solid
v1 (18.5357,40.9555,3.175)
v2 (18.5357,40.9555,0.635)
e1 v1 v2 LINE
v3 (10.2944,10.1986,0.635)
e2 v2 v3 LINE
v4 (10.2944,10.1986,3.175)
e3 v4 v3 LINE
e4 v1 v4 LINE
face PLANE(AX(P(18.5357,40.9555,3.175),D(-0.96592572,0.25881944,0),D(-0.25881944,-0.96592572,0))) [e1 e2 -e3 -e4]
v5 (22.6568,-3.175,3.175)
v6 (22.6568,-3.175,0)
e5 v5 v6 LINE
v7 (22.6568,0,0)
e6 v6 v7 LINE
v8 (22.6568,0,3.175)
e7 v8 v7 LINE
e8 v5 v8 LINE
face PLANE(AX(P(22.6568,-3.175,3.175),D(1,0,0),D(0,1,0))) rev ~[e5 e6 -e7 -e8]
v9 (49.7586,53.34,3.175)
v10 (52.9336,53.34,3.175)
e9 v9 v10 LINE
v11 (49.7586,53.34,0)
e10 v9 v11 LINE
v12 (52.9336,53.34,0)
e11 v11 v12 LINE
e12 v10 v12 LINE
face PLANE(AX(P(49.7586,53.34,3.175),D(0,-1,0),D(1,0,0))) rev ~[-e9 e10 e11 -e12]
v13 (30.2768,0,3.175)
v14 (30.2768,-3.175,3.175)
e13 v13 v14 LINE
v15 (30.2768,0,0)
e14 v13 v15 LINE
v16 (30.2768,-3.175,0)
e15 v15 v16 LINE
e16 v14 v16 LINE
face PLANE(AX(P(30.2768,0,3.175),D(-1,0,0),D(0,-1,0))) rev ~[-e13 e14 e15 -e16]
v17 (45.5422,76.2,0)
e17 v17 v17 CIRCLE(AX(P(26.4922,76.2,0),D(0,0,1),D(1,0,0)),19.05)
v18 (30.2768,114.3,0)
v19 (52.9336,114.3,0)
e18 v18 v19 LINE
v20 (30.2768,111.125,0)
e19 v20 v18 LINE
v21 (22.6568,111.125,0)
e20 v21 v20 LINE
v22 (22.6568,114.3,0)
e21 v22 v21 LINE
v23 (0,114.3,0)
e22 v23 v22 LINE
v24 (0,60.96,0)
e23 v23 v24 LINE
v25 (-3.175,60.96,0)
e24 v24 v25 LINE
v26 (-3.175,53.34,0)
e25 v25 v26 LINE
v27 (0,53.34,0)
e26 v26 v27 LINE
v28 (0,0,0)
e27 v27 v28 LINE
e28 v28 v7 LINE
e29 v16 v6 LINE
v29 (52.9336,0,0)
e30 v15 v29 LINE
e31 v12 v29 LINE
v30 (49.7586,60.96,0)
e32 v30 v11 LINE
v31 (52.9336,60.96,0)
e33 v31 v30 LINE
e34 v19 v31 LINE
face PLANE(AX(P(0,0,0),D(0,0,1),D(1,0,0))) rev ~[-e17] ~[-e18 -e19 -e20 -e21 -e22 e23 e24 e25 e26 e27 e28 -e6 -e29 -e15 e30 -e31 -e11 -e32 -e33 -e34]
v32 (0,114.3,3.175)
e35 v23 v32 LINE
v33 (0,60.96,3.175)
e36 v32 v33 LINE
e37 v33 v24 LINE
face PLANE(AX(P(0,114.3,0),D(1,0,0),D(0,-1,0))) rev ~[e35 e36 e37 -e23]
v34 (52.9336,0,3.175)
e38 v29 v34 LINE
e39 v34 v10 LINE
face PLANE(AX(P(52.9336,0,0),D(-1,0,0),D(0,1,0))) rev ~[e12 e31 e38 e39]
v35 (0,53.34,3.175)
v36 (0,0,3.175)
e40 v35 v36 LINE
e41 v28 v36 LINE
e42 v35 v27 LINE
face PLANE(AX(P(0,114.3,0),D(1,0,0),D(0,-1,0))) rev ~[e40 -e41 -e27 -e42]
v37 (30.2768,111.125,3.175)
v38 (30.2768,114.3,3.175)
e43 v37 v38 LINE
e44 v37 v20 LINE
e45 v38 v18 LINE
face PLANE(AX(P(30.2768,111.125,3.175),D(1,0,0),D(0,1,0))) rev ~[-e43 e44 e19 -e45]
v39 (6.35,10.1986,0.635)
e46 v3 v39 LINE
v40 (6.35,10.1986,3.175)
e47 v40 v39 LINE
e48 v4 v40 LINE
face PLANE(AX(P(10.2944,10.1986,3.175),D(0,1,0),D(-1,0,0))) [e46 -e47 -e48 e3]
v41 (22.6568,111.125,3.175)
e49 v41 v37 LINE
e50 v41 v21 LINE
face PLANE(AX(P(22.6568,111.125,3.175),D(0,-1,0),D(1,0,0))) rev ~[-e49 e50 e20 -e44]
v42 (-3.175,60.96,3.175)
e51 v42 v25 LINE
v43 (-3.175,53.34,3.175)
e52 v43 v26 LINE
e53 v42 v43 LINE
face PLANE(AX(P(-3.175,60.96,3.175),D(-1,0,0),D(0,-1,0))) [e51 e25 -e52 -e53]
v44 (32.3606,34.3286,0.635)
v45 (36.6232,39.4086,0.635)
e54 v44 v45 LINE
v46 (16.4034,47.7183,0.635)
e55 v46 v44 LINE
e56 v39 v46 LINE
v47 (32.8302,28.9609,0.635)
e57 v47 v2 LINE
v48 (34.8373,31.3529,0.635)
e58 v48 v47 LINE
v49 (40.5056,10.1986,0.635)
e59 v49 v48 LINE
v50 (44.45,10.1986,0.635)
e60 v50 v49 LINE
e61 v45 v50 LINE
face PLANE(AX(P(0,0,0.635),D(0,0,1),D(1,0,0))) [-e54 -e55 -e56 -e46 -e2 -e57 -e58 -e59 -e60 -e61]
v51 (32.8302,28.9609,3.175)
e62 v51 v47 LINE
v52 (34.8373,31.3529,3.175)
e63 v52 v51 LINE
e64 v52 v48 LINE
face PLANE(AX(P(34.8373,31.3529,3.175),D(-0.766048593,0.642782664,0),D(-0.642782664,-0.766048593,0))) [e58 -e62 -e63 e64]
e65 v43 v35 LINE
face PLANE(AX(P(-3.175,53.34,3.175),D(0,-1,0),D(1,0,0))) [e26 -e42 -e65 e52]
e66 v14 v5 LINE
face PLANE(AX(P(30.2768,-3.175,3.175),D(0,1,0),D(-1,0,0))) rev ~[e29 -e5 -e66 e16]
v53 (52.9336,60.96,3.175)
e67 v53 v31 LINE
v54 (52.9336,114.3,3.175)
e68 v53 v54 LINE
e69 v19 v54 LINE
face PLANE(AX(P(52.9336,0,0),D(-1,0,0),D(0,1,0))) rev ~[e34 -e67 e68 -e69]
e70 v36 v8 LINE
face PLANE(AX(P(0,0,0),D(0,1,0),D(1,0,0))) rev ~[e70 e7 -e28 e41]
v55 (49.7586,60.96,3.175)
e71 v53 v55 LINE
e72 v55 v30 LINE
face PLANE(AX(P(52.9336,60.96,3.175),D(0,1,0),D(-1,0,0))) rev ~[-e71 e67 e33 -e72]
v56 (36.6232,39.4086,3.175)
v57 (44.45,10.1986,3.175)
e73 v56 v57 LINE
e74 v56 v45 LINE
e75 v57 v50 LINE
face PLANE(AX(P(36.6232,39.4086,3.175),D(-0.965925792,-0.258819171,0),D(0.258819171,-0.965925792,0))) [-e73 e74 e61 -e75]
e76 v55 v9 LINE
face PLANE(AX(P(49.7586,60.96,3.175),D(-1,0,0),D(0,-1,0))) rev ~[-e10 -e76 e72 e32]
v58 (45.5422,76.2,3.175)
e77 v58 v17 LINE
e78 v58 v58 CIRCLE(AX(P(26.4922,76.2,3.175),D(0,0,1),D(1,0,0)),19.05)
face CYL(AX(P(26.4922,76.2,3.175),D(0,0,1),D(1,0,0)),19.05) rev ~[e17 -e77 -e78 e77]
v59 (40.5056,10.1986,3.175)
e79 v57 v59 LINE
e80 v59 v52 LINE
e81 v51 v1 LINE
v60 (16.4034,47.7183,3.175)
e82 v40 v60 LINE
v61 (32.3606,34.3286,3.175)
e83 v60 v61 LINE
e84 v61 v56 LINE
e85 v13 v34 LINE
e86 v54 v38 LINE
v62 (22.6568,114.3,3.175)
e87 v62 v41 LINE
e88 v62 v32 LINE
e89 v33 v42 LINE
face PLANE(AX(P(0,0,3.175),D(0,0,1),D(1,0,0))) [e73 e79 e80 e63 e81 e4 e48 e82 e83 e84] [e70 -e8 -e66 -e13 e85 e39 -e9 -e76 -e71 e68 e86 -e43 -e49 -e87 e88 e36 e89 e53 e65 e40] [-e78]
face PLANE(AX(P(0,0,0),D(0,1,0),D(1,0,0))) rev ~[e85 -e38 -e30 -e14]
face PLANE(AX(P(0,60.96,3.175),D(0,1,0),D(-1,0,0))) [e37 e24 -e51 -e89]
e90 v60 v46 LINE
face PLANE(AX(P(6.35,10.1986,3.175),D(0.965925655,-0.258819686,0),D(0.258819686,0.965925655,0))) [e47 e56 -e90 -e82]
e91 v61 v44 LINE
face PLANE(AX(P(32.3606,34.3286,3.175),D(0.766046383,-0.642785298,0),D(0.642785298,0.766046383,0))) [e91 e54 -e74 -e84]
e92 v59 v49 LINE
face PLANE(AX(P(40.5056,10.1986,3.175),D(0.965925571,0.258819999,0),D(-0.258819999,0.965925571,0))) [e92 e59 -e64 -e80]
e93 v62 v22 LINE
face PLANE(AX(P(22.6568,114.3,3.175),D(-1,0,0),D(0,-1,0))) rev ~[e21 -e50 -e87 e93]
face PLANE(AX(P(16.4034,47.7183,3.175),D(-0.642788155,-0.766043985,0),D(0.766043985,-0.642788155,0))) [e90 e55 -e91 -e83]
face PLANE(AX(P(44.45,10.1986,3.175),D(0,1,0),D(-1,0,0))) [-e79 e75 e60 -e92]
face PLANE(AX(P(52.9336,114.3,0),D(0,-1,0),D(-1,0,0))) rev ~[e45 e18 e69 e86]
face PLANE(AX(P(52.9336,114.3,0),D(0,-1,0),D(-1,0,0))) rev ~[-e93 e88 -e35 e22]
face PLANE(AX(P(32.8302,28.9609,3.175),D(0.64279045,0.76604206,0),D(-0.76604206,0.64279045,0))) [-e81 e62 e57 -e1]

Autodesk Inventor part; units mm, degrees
ref_plane "YZ Plane" through (0, 0, 0) normal (1, 0, 0) x (0, 1, 0)
ref_plane "XZ Plane" through (0, 0, 0) normal (0, 1, 0) x (-1, 0, 0)
ref_plane "XY Plane" through (0, 0, 0) normal (0, 0, 1) x (1, 0, 0)
sketch "Sketch1" plane through (0, 0, 0) normal (0, 0, 1) x (1, 0, 0)
  line L0 (0, 0) -> (52.9336, 0)
  line L1 (52.9336, 0) -> (52.9336, 114.3)
  line L2 (52.9336, 114.3) -> (0, 114.3)
  line L3 (0, 114.3) -> (0, 0)
  dimension "d0" = 114.3
  dimension "d1" = 52.9336
extrude "Extrusion1" add sketch "Sketch1" along normal blind 3.175
sketch "Sketch2" plane through (0, 0, 3.175) normal (0, 0, 1) x (1, 0, 0)
  line L0 (0, 114.3) -> (0, 0) projected
  line L1 (52.9336, 0) -> (52.9336, 114.3) projected
  line L2 (0, 60.96) -> (-3.175, 60.96)
  line L3 (-3.175, 60.96) -> (-3.175, 53.34)
  line L4 (-3.175, 53.34) -> (0, 53.34)
  line L5 (0, 53.34) -> (0, 60.96)
  line L6 (52.9336, 60.96) -> (49.7586, 60.96)
  line L7 (49.7586, 60.96) -> (49.7586, 53.34)
  line L8 (49.7586, 53.34) -> (52.9336, 53.34)
  line L9 (52.9336, 53.34) -> (52.9336, 60.96)
  line L10 (52.9336, 114.3) -> (0, 114.3) projected
  line L11 (0, 0) -> (52.9336, 0) projected
  line L12 (30.2768, 114.3) -> (22.6568, 114.3)
  line L13 (30.2768, 0) -> (30.2768, -3.175)
  line L14 (30.2768, -3.175) -> (22.6568, -3.175)
  line L15 (22.6568, -3.175) -> (22.6568, 0)
  line L16 (22.6568, 0) -> (30.2768, 0)
  line L17 (22.6568, 114.3) -> (22.6568, 111.125)
  line L18 (22.6568, 111.125) -> (30.2768, 111.125)
  line L19 (30.2768, 111.125) -> (30.2768, 114.3)
  point P0 (0, 57.15)
  point P1 (52.9336, 57.15)
  point P2 (26.4668, 114.3)
  point P3 (26.4668, 0)
  dimension "d4" = 3.81
  dimension "d5" = 7.62
  dimension "d6" = 3.175
  dimension "d7" = 3.81
  dimension "d8" = 7.62
  dimension "d9" = 3.175
  dimension "d13" = 7.62
  dimension "d14" = 3.81
  dimension "d15" = 3.175
  dimension "d20" = 7.62
  dimension "d21" = 3.81
  dimension "d22" = 3.175
extrude "Extrusion2" add sketch "Sketch2" against normal blind 3.175 contours L0 L4 L3 L2 | L10 L19 L18 L17 | L11 L13 L14 L15 | L1 L8 L7 L6
extrude "Extrusion3" cut sketch "Sketch2" against normal blind 3.175 contours L10 L19 L18 L17 | L1 L8 L7 L6
sketch "Sketch3" plane through (0, 0, 3.175) normal (0, 0, 1) x (1, 0, 0)
  line L0 (0, 60.96) -> (0, 114.3)
  line L1 (22.6568, 114.3) -> (0, 114.3) projected
  line L2 (0, 114.3) -> (22.6568, 114.3)
  line L3 (22.6568, 114.3) -> (22.6568, 111.125)
  line L4 (22.6568, 111.125) -> (30.2768, 111.125)
  line L5 (30.2768, 111.125) -> (22.6568, 111.125) projected
  line L6 (30.2768, 111.125) -> (30.2768, 114.3)
  line L7 (30.2768, 114.3) -> (52.9336, 114.3)
  line L8 (52.9336, 114.3) -> (52.9336, 60.96)
  line L9 (52.9336, 60.96) -> (52.9336, 114.3) projected
  line L10 (52.9336, 60.96) -> (49.7586, 60.96)
  line L11 (49.7586, 60.96) -> (49.7586, 53.34)
  line L12 (49.7586, 60.96) -> (49.7586, 53.34) projected
  line L13 (49.7586, 53.34) -> (52.9336, 53.34)
  line L14 (52.9336, 53.34) -> (52.9336, 0)
  line L15 (52.9336, 0) -> (52.9336, 53.34) projected
  line L16 (52.9336, 0) -> (30.2768, 0)
  line L17 (0, 0) -> (22.6568, 0) projected
  line L18 (30.2768, 0) -> (30.2768, -3.175)
  line L19 (30.2768, -3.175) -> (22.6568, -3.175)
  line L20 (22.6568, -3.175) -> (30.2768, -3.175) projected
  line L21 (22.6568, -3.175) -> (22.6568, 0)
  line L22 (22.6568, 0) -> (0, 0)
  line L23 (0, 0) -> (0, 53.34)
  line L24 (0, 53.34) -> (0, 0) projected
  line L25 (0, 53.34) -> (-3.175, 53.34)
  line L26 (-3.175, 53.34) -> (-3.175, 60.96)
  line L27 (-3.175, 60.96) -> (-3.175, 53.34) projected
  line L28 (-3.175, 60.96) -> (0, 60.96)
sketch "Sketch4" plane through (0, 0, 3.175) normal (0, 0, 1) x (1, 0, 0)
  circle A0 centre (26.4922, 76.2) radius 19.05
  line L0 (30.2768, 0) -> (52.9336, 0) projected
  line L1 (52.9336, 60.96) -> (52.9336, 114.3) projected
  point P0 (0, 0)
  dimension "d23" = 38.1
  dimension "d24" = 76.2
  dimension "d25" = 26.4414
sketch "Sketch5" plane through (0, 0, 3.175) normal (0, 0, 1) x (1, 0, 0)
  line L0 (6.35, 10.1986) -> (16.4034, 47.7183)
  line L1 (16.4034, 47.7183) -> (32.3606, 34.3286)
  line L2 (32.3606, 34.3286) -> (36.6232, 39.4086)
  line L3 (36.6232, 39.4086) -> (44.45, 10.1986)
  line L4 (44.45, 10.1986) -> (40.5056, 10.1986)
  line L5 (40.5056, 10.1986) -> (34.8373, 31.3529)
  line L6 (34.8373, 31.3529) -> (32.8302, 28.9609)
  line L7 (32.8302, 28.9609) -> (18.5357, 40.9555)
  line L8 (18.5357, 40.9555) -> (10.2944, 10.1986)
  line L9 (10.2944, 10.1986) -> (6.35, 10.1986)
  line L10 (0, 53.34) -> (0, 0) projected
  dimension "d26" = 3.81
  dimension "d27" = 3.81
  dimension "d29" = 3.81
  dimension "d31" = 75
  dimension "d32" = 38.1
  dimension "d33" = 6.35
  dimension "d34" = 75
  dimension "d35" = 3.81
  dimension "d36" = 29.21
  dimension "d38" = 65
  dimension "d39" = 5.08
extrude "Extrusion4" cut sketch "Sketch4" against normal blind 25.4
extrude "Extrusion5" cut sketch "Sketch5" against normal blind 2.54
properties part number "Birdhouse Tree Wall" material "Wood (Birch)"
